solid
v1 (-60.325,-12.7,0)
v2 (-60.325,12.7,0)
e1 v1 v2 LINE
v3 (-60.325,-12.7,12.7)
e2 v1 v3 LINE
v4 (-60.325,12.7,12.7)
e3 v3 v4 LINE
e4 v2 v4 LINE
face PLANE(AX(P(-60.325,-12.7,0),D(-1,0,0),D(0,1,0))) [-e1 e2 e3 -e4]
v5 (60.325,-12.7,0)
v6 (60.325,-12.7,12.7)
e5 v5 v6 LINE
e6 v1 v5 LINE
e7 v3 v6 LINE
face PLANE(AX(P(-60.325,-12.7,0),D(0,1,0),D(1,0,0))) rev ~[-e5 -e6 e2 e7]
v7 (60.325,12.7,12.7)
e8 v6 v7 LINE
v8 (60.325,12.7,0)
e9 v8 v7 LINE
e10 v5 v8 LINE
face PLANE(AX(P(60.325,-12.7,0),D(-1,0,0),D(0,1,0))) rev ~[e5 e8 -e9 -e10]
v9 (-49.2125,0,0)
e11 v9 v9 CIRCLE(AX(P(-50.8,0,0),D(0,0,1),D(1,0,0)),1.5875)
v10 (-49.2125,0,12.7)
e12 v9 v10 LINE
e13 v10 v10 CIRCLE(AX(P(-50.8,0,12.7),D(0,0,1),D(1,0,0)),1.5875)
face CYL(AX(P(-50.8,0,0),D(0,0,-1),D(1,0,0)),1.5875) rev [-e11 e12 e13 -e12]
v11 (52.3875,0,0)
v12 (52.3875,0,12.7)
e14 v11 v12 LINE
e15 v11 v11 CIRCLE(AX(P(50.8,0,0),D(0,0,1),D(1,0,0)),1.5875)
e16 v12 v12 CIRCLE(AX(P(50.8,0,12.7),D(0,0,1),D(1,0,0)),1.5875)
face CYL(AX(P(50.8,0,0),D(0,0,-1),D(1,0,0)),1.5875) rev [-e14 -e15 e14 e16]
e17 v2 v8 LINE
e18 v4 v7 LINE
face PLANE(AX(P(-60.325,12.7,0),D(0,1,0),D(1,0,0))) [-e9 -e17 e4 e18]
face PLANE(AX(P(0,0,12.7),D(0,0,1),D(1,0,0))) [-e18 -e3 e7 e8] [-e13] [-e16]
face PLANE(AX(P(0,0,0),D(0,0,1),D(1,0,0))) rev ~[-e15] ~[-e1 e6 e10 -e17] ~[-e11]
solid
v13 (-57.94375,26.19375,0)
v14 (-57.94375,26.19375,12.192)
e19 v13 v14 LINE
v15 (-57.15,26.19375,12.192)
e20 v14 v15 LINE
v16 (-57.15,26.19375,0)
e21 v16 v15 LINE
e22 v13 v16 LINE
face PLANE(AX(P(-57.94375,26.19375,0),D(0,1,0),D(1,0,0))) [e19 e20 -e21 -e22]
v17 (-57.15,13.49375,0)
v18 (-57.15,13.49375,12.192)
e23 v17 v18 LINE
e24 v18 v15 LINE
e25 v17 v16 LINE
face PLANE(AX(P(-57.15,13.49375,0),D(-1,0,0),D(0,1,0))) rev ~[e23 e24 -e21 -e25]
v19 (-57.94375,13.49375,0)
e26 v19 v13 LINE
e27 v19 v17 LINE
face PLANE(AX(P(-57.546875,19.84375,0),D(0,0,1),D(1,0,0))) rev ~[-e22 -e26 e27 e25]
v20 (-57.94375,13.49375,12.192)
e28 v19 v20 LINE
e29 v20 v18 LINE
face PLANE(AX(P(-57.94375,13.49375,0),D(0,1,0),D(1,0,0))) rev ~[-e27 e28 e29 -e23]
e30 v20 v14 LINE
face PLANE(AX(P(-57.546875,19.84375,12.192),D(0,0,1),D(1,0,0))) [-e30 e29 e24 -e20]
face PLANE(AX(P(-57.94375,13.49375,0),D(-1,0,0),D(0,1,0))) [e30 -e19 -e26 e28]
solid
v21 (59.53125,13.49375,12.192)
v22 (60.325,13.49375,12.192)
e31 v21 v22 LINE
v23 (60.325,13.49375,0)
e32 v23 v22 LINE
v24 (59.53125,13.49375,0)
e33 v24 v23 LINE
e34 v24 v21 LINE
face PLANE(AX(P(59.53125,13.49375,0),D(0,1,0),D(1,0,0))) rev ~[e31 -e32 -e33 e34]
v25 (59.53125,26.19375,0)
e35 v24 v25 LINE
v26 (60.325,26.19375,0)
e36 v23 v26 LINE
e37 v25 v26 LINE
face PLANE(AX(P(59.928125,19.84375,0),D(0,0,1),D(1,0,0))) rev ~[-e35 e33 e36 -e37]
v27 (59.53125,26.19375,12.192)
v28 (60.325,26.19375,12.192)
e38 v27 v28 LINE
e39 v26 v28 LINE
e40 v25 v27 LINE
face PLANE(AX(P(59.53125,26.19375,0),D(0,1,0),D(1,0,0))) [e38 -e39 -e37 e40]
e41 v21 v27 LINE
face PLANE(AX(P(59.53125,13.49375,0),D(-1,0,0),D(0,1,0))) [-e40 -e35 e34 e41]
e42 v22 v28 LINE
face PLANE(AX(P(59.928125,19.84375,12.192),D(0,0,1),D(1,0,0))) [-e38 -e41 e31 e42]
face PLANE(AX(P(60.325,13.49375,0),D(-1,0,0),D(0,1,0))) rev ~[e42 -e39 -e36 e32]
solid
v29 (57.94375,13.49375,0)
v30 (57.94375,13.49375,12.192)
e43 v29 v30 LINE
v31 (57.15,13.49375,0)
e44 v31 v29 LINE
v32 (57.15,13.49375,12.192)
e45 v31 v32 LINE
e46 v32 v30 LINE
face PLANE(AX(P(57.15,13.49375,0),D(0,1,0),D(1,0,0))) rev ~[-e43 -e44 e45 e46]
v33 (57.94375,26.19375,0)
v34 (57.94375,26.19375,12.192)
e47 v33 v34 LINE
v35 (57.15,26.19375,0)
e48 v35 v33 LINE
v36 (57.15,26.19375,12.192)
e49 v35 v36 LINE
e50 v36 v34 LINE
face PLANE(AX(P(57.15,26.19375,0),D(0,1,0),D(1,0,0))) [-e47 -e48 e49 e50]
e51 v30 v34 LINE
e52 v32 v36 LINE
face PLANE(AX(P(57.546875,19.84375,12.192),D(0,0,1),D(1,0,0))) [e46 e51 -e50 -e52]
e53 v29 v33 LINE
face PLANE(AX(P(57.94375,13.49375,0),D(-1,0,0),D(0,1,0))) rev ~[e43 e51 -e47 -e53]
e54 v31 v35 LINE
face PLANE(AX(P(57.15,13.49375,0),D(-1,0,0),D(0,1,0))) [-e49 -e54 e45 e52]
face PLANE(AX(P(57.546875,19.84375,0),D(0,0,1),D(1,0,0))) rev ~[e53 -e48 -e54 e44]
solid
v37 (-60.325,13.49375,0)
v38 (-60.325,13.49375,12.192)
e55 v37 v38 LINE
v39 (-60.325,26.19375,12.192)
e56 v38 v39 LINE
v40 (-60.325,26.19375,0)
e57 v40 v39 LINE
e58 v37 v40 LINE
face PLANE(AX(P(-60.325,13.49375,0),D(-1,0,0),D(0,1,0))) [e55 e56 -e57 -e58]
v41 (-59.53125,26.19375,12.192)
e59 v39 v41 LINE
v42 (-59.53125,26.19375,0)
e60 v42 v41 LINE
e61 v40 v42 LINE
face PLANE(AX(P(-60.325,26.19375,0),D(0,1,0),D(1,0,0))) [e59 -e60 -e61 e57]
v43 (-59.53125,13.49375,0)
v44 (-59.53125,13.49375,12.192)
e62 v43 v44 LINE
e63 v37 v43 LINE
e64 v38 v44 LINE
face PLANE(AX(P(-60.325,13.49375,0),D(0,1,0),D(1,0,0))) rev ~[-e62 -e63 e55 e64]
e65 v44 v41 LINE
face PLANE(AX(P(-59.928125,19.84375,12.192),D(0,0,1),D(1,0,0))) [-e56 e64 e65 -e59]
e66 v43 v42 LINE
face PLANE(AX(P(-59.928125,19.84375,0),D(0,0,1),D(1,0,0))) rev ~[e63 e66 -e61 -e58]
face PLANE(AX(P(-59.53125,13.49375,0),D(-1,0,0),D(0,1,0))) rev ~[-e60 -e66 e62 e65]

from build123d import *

# Parameters (mm, degrees)
F0_W     = 120.65
F0_H     = 25.4
F0_R     = 1.5875
F1_DEPTH = 12.7
F0_W_2   = 0.79375
F0_H_2   = 12.7
F2_DEPTH = 12.192


with BuildPart() as f1:
    # F0 (on Top) → F1 (new body)
    with BuildSketch(Plane.XY):
        Rectangle(F0_W, F0_H)
        with Locations((-50.8, 0)):
            Circle(F0_R, mode=Mode.SUBTRACT)
        with Locations((50.8, 0)):
            Circle(F0_R, mode=Mode.SUBTRACT)
    extrude(amount=F1_DEPTH)


with BuildPart() as f2:
    # F0 (on Top) → F2 (new body)
    with BuildSketch(Plane.XY):
        with Locations((57.546875, 19.84375)):
            Rectangle(F0_W_2, F0_H_2)
        with Locations((59.928125, 19.84375)):
            Rectangle(F0_W_2, F0_H_2)
        with Locations((-59.928125, 19.84375)):
            Rectangle(F0_W_2, F0_H_2)
        with Locations((-57.546875, 19.84375)):
            Rectangle(F0_W_2, F0_H_2)
    extrude(amount=F2_DEPTH)


solid = Compound([f1.part, f2.part])
